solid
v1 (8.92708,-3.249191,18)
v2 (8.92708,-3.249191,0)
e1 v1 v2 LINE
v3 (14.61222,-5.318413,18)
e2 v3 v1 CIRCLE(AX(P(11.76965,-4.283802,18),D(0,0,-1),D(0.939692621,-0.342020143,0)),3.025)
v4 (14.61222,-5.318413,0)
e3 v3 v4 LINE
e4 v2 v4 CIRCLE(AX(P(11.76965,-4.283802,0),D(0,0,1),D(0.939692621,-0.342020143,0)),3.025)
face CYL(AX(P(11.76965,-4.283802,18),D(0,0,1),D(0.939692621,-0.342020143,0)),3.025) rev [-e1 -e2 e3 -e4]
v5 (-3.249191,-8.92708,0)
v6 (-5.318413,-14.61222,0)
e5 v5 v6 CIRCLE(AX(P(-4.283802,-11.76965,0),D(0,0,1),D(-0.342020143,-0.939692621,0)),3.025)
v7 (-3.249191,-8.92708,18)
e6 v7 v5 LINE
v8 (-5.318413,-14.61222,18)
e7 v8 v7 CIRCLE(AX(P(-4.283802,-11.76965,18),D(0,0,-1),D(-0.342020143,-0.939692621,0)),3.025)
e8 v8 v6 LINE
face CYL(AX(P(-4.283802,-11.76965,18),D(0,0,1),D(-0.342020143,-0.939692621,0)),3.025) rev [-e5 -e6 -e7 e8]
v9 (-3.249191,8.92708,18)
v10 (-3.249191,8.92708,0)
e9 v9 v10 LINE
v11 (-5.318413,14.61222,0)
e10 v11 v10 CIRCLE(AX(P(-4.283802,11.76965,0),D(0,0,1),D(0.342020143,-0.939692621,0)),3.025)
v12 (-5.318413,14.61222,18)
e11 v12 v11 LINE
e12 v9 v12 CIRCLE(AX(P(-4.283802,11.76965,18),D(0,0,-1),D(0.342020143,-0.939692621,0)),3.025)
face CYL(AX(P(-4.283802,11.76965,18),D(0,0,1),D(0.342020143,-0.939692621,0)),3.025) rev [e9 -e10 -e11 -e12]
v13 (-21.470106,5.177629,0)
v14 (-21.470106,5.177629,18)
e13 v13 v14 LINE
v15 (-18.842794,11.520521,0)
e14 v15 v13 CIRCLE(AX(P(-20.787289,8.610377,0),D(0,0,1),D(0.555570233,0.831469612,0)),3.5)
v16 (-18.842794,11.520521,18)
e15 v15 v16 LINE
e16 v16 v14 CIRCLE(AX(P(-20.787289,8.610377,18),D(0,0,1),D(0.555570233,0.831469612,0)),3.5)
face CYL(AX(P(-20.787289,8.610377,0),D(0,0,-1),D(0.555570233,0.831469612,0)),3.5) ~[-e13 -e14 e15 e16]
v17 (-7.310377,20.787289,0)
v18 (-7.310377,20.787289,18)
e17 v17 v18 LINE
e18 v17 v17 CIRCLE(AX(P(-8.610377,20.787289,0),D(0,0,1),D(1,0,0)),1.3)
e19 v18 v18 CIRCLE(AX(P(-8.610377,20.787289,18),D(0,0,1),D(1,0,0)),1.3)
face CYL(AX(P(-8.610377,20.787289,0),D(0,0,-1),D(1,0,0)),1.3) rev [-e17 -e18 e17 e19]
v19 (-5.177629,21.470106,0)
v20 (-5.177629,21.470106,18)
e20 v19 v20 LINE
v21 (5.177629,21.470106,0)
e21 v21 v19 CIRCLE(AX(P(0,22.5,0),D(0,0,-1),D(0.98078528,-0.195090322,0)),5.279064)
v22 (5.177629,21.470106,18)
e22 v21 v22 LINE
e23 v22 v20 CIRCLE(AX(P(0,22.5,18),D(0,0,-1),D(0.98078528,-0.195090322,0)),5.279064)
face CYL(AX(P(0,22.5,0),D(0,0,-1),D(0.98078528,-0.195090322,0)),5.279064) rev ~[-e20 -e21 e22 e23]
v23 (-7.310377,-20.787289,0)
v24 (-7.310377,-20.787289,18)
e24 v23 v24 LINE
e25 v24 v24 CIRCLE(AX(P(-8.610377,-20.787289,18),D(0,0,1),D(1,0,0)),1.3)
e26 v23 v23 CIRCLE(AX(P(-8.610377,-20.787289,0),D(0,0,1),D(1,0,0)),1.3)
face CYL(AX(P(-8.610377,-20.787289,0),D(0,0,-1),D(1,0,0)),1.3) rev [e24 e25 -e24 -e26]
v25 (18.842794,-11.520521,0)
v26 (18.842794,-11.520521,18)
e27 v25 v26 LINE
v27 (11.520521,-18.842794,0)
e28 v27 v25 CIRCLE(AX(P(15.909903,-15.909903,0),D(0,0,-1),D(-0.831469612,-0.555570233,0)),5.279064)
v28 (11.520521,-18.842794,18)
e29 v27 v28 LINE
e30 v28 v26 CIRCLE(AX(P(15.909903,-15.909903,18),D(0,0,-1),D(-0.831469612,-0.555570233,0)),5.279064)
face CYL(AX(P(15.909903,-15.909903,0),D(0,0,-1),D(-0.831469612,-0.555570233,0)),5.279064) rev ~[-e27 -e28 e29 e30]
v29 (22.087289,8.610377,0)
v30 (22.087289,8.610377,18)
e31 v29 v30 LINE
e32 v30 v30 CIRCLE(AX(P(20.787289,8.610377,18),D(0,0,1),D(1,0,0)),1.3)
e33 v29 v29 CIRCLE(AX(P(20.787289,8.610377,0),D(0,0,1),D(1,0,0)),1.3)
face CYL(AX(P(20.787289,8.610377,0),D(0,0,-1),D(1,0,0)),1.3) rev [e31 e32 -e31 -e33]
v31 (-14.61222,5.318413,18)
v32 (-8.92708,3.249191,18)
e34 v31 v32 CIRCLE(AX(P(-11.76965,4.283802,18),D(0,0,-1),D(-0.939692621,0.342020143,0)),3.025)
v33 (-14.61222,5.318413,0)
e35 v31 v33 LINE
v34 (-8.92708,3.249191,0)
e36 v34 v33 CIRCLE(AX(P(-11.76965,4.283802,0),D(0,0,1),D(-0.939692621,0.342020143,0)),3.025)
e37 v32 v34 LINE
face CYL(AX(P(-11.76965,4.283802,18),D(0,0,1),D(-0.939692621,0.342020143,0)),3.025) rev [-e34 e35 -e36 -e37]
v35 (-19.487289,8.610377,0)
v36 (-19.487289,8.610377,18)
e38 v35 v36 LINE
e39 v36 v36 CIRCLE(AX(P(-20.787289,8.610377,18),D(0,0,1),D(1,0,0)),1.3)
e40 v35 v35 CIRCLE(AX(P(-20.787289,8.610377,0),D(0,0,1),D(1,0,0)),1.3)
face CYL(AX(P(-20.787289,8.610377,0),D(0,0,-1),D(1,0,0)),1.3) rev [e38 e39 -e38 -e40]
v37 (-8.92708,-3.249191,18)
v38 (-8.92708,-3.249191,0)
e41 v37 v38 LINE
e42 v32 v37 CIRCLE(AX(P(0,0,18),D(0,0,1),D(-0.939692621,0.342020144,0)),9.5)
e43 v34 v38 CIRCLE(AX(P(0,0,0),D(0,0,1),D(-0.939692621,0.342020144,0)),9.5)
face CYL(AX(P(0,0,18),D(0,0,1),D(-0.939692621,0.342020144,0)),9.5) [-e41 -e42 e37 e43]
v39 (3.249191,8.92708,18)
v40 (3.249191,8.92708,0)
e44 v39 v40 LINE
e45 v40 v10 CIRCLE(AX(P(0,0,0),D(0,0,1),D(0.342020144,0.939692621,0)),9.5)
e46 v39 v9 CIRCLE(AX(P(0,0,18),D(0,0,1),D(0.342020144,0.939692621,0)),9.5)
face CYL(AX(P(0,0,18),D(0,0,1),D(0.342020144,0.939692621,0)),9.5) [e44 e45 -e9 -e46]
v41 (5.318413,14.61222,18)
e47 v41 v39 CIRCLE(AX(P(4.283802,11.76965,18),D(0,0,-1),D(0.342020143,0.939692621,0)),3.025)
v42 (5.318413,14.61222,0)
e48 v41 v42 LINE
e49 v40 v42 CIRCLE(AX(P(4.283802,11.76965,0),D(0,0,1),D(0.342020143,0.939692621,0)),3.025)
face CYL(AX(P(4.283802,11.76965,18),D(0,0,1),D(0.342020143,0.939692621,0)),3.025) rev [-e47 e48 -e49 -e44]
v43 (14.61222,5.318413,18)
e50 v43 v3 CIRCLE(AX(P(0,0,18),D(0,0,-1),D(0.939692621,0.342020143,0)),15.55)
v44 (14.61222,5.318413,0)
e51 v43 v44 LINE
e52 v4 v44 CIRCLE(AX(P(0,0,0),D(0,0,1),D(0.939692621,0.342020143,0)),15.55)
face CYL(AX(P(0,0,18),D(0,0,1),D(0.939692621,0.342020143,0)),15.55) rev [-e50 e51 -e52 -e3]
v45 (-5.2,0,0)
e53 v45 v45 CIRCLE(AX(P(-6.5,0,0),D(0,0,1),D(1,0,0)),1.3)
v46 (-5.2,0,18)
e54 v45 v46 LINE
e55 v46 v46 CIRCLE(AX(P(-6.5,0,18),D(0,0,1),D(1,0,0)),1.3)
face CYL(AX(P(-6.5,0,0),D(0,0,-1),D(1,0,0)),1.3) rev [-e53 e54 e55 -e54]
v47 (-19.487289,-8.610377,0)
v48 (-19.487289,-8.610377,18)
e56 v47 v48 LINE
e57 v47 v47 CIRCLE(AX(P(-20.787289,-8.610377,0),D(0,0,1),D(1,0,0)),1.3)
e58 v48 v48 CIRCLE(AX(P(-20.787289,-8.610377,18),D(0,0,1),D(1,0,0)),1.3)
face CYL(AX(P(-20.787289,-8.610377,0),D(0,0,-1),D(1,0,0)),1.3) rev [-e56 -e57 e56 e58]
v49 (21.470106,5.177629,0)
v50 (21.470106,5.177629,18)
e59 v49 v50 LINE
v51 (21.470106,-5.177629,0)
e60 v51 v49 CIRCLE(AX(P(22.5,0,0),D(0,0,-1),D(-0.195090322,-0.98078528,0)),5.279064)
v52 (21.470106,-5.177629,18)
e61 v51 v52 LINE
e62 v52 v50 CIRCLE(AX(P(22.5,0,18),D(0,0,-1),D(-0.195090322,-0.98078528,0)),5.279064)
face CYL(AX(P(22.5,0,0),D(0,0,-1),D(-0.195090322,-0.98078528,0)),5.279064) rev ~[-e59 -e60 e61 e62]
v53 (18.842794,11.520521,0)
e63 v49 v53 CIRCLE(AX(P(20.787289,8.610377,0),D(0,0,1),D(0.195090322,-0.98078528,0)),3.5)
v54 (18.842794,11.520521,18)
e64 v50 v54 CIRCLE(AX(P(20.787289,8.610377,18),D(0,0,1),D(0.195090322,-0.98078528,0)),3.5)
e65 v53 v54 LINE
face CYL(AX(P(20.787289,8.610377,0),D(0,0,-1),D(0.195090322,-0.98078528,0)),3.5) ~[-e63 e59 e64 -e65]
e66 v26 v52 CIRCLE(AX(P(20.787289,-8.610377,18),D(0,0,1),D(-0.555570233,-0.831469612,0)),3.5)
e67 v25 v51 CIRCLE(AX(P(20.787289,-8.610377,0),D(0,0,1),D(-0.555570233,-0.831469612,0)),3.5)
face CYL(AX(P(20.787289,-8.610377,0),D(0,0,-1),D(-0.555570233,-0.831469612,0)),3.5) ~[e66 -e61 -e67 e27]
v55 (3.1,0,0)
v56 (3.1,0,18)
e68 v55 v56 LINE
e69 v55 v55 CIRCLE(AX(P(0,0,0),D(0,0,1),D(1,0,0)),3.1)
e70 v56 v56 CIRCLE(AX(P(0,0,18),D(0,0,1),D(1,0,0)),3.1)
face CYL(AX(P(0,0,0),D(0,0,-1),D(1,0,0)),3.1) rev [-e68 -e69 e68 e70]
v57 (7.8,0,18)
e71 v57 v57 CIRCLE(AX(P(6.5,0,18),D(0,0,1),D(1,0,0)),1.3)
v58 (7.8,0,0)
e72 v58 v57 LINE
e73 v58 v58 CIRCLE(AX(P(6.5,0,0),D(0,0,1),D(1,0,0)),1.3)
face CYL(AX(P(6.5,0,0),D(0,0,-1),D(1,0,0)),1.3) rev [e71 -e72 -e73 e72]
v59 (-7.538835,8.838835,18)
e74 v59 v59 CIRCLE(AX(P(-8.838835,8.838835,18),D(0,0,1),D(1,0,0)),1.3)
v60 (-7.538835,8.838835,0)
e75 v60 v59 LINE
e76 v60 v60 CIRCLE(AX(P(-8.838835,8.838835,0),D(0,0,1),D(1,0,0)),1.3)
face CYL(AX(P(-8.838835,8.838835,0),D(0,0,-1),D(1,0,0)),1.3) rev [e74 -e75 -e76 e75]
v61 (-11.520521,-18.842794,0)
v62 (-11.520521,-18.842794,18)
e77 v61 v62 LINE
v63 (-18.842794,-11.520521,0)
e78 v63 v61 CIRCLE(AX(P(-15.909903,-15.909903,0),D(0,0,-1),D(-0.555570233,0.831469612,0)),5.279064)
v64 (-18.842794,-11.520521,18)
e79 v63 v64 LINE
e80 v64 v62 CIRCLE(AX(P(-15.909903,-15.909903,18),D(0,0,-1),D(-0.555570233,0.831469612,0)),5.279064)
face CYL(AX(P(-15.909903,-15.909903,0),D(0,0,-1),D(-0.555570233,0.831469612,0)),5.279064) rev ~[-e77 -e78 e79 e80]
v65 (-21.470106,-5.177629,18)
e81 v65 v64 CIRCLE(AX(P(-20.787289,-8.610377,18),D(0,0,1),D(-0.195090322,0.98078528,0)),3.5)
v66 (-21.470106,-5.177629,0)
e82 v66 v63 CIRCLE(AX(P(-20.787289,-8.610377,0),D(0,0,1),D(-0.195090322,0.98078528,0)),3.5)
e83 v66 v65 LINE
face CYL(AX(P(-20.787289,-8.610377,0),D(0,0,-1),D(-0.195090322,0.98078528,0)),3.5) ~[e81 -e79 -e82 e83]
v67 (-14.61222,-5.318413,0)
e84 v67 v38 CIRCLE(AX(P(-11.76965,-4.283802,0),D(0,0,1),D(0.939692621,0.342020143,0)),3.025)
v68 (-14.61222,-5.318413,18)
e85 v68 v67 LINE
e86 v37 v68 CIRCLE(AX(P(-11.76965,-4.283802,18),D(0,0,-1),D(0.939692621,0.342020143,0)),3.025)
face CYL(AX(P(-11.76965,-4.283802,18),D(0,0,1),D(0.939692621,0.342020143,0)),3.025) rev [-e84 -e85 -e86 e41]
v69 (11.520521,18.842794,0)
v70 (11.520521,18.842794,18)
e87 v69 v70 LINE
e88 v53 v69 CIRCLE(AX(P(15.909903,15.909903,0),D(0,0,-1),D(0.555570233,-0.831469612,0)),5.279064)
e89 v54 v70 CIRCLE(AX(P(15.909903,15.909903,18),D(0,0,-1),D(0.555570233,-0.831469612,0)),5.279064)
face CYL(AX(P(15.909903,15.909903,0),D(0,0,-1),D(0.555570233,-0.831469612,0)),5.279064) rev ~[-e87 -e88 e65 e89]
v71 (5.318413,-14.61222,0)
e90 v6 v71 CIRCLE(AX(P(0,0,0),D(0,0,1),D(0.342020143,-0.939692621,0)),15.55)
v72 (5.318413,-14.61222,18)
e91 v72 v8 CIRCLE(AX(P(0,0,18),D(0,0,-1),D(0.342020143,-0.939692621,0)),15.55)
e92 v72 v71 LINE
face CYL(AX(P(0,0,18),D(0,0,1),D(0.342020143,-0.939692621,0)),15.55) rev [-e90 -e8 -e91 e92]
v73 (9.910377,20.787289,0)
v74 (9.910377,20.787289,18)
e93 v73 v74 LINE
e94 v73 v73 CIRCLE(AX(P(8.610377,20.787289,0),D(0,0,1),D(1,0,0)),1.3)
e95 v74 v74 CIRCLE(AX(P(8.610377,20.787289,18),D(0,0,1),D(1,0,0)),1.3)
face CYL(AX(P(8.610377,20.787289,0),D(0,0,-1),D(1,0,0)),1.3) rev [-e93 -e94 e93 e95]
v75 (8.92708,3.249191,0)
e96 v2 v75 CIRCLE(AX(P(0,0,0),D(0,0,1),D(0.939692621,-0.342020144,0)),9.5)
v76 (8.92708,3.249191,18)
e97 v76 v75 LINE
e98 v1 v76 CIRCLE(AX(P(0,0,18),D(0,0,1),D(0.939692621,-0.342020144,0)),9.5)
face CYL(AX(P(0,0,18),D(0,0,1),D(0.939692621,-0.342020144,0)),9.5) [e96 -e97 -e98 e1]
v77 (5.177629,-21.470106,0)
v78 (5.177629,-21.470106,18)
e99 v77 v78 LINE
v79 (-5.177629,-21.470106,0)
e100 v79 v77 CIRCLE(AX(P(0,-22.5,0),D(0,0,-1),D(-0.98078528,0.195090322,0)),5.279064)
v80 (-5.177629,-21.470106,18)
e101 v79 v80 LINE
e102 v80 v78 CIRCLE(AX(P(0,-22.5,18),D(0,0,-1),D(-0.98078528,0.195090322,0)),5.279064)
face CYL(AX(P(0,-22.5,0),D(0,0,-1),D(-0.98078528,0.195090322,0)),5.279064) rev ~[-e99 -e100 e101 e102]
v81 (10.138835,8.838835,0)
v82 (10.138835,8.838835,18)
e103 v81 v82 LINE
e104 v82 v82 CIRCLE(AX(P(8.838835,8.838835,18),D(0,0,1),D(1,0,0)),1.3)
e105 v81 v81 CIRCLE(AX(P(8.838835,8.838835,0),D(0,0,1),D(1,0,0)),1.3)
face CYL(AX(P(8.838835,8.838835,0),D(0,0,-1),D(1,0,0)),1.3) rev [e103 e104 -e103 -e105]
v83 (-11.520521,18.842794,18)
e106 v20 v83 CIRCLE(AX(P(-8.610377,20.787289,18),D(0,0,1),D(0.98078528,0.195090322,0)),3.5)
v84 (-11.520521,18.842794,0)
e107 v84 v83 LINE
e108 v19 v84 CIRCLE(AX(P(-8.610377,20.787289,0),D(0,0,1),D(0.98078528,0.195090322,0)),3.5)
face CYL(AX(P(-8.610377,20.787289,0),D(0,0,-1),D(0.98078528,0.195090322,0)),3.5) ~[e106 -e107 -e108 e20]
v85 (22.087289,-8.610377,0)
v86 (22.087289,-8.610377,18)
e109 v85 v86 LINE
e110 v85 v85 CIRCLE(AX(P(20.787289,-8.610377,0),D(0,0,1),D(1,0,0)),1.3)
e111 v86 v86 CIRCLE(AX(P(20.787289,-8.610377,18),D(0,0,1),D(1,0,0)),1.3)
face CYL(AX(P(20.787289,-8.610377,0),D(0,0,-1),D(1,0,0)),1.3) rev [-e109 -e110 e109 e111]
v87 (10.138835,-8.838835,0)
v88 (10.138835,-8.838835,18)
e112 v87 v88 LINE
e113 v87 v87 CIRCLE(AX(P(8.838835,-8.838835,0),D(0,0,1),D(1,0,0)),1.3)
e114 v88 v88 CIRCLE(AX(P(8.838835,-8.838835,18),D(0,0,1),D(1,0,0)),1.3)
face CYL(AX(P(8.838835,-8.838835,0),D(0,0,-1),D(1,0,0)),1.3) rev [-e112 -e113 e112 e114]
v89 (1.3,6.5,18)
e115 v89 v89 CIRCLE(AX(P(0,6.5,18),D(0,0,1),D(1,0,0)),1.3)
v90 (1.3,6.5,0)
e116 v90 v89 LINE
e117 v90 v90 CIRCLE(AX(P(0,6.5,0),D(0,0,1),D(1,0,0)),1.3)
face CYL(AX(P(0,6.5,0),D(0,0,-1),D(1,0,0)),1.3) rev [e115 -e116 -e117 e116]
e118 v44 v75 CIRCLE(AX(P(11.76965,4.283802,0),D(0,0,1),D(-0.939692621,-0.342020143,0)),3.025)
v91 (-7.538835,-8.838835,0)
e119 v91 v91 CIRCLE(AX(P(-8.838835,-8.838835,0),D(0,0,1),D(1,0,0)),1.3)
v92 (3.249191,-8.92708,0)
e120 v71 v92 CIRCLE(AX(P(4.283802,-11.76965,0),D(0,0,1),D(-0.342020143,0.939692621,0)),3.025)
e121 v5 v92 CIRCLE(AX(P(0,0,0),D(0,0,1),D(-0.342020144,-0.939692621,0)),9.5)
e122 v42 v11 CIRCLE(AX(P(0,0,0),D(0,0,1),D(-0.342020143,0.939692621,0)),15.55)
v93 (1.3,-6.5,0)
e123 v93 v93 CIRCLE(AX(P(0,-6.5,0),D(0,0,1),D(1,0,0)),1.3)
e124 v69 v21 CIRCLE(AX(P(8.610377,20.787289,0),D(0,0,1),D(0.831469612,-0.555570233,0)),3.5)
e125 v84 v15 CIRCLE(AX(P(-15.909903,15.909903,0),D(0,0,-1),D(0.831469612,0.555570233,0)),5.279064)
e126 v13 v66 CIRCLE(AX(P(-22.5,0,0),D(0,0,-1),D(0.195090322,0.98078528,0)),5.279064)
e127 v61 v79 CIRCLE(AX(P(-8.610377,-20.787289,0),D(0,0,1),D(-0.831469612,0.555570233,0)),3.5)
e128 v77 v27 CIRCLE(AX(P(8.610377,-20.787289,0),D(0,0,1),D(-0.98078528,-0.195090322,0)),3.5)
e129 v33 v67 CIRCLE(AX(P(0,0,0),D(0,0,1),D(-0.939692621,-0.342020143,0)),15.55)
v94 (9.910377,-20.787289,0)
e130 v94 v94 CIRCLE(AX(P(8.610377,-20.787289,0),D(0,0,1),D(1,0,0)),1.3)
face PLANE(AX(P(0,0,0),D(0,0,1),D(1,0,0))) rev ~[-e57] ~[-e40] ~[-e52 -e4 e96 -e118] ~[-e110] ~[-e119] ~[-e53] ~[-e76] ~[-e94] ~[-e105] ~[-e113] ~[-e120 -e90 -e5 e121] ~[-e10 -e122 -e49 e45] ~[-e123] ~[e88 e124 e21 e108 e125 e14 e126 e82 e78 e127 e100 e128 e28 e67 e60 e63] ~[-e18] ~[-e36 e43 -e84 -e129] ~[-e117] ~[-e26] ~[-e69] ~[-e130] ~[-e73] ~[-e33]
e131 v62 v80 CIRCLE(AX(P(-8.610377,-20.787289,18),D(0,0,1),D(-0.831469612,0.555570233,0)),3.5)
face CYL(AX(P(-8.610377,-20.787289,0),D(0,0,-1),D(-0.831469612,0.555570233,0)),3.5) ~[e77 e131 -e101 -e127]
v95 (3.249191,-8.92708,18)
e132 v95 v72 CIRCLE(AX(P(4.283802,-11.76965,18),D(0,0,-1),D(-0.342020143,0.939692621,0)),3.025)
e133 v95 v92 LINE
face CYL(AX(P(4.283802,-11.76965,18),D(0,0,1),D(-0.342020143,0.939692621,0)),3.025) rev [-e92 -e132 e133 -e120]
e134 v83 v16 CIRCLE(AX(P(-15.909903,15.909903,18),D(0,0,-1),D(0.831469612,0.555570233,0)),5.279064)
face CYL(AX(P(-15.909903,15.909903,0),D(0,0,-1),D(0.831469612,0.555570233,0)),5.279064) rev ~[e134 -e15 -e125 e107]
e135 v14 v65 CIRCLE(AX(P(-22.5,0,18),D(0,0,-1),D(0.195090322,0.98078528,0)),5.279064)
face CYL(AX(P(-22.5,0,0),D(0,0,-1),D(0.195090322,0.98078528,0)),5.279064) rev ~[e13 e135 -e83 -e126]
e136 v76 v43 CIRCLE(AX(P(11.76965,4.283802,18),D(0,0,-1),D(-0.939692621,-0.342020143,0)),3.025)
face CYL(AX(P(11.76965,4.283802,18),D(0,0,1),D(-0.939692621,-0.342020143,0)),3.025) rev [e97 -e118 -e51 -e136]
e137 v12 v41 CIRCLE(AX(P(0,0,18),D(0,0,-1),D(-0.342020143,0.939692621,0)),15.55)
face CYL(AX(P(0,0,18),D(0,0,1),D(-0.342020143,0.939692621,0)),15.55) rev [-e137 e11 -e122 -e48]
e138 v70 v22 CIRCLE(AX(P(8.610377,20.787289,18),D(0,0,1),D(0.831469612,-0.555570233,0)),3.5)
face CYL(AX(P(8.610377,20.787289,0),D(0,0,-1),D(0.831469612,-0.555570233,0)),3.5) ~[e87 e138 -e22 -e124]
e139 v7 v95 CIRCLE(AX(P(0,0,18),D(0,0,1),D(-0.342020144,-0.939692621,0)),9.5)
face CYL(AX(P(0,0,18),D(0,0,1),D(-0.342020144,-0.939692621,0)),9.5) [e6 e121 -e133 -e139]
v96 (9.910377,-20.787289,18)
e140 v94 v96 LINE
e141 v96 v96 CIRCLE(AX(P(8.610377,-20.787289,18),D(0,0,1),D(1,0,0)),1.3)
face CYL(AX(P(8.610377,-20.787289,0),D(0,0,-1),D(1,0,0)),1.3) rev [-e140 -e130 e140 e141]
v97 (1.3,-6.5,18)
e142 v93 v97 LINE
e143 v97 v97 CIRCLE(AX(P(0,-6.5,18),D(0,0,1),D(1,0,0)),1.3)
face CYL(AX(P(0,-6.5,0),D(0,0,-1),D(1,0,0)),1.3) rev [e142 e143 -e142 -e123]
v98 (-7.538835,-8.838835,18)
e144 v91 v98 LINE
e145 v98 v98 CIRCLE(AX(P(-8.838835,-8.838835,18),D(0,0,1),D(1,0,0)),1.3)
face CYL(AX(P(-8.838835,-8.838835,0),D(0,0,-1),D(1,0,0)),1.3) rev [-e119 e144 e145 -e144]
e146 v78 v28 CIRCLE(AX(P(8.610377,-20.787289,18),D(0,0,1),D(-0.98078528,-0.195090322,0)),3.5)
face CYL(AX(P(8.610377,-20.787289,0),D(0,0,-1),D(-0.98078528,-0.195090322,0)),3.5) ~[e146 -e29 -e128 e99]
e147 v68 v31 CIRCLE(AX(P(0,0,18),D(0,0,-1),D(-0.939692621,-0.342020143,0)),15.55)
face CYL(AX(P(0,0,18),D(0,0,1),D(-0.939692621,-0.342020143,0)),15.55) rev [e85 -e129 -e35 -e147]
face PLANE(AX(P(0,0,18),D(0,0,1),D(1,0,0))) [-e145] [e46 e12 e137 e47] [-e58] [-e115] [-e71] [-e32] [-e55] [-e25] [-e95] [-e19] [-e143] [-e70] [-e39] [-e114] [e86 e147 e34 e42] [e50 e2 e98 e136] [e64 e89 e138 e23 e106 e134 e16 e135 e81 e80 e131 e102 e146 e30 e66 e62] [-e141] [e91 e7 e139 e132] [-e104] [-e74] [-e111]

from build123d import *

# Parameters (mm, degrees)
SKETCH_1_R          = 1.3
SKETCH_1_R_2        = 3.1
EXTRUDE_1_DEPTH     = 18
CUT_EXTRUDE_1_DEPTH = 39.778149269


with BuildPart() as part:
    # ｽｹｯﾁ1 → ﾎﾞｽ - 押し出し1 (new body)
    with BuildSketch(Plane.XY):
        with BuildLine():
            ThreePointArc((11.520520871, 18.842793666), (9.949769241, 24.020867845), (5.177628747, 21.470105609))
            ThreePointArc((5.177628747, 21.470105609), (0, 17.220935509), (-5.177628747, 21.470105609))
            ThreePointArc((-5.177628747, 21.470105609), (-9.949769241, 24.020867845), (-11.520520871, 18.842793666))
            ThreePointArc((-11.520520871, 18.842793666), (-12.177040277, 12.177040277), (-18.842793666, 11.520520871))
            ThreePointArc((-18.842793666, 11.520520871), (-24.020867845, 9.949769241), (-21.470105609, 5.177628747))
            ThreePointArc((-21.470105609, 5.177628747), (-17.220935509, 0), (-21.470105609, -5.177628747))
            ThreePointArc((-21.470105609, -5.177628747), (-24.020867845, -9.949769241), (-18.842793666, -11.520520871))
            ThreePointArc((-18.842793666, -11.520520871), (-12.177040277, -12.177040277), (-11.520520871, -18.842793666))
            ThreePointArc((-11.520520871, -18.842793666), (-9.949769241, -24.020867845), (-5.177628747, -21.470105609))
            ThreePointArc((-5.177628747, -21.470105609), (0, -17.220935509), (5.177628747, -21.470105609))
            ThreePointArc((5.177628747, -21.470105609), (9.949769241, -24.020867845), (11.520520871, -18.842793666))
            ThreePointArc((11.520520871, -18.842793666), (12.177040277, -12.177040277), (18.842793666, -11.520520871))
            ThreePointArc((18.842793666, -11.520520871), (24.020867845, -9.949769241), (21.470105609, -5.177628747))
            ThreePointArc((21.470105609, -5.177628747), (17.220935509, 0), (21.470105609, 5.177628747))
            ThreePointArc((21.470105609, 5.177628747), (24.020867845, 9.949769241), (18.842793666, 11.520520871))
            ThreePointArc((18.842793666, 11.520520871), (12.177040277, 12.177040277), (11.520520871, 18.842793666))
        make_face()
        with Locations((8.610377228, 20.787289482)):
            Circle(SKETCH_1_R, mode=Mode.SUBTRACT)
        with Locations((20.787289482, 8.610377228)):
            Circle(SKETCH_1_R, mode=Mode.SUBTRACT)
        with Locations((20.787289482, -8.610377228)):
            Circle(SKETCH_1_R, mode=Mode.SUBTRACT)
        with Locations((8.610377228, -20.787289482)):
            Circle(SKETCH_1_R, mode=Mode.SUBTRACT)
        with Locations((-8.610377228, -20.787289482)):
            Circle(SKETCH_1_R, mode=Mode.SUBTRACT)
        with Locations((-20.787289482, -8.610377228)):
            Circle(SKETCH_1_R, mode=Mode.SUBTRACT)
        with Locations((-20.787289482, 8.610377228)):
            Circle(SKETCH_1_R, mode=Mode.SUBTRACT)
        with Locations((-8.610377228, 20.787289482)):
            Circle(SKETCH_1_R, mode=Mode.SUBTRACT)
        with Locations((8.838834765, 8.838834765)):
            Circle(SKETCH_1_R, mode=Mode.SUBTRACT)
        with Locations((8.838834765, -8.838834765)):
            Circle(SKETCH_1_R, mode=Mode.SUBTRACT)
        with Locations((-8.838834765, -8.838834765)):
            Circle(SKETCH_1_R, mode=Mode.SUBTRACT)
        with Locations((-8.838834765, 8.838834765)):
            Circle(SKETCH_1_R, mode=Mode.SUBTRACT)
        with Locations((0, 6.5)):
            Circle(SKETCH_1_R, mode=Mode.SUBTRACT)
        with Locations((6.5, 0)):
            Circle(SKETCH_1_R, mode=Mode.SUBTRACT)
        with Locations((0, -6.5)):
            Circle(SKETCH_1_R, mode=Mode.SUBTRACT)
        with Locations((-6.5, 0)):
            Circle(SKETCH_1_R, mode=Mode.SUBTRACT)
        Circle(SKETCH_1_R_2, mode=Mode.SUBTRACT)
    extrude(amount=EXTRUDE_1_DEPTH)

    # ｽｹｯﾁ2 → ｶｯﾄ - 押し出し1 (cut, through all)
    with BuildSketch(Plane.XY.offset(18)):
        with BuildLine():
            ThreePointArc((3.249191362, 8.927079897), (0, 9.5), (-3.249191362, 8.927079897))
            ThreePointArc((-3.249191362, 8.927079897), (-7.126372473, 10.735039142), (-5.318413229, 14.612220253))
            ThreePointArc((-5.318413229, 14.612220253), (0, 15.55), (5.318413229, 14.612220253))
            ThreePointArc((5.318413229, 14.612220253), (7.126372473, 10.735039142), (3.249191362, 8.927079897))
        make_face()
        with BuildLine():
            ThreePointArc((8.927079897, 3.249191362), (10.735039142, 7.126372473), (14.612220253, 5.318413229))
            ThreePointArc((14.612220253, 5.318413229), (15.55, 0), (14.612220253, -5.318413229))
            ThreePointArc((14.612220253, -5.318413229), (10.735039142, -7.126372473), (8.927079897, -3.249191362))
            ThreePointArc((8.927079897, -3.249191362), (9.5, 0), (8.927079897, 3.249191362))
        make_face()
        with BuildLine():
            ThreePointArc((3.249191362, -8.927079897), (7.126372473, -10.735039142), (5.318413229, -14.612220253))
            ThreePointArc((5.318413229, -14.612220253), (0, -15.55), (-5.318413229, -14.612220253))
            ThreePointArc((-5.318413229, -14.612220253), (-7.126372473, -10.735039142), (-3.249191362, -8.927079897))
            ThreePointArc((-3.249191362, -8.927079897), (0, -9.5), (3.249191362, -8.927079897))
        make_face()
        with BuildLine():
            ThreePointArc((-8.927079897, -3.249191362), (-10.735039142, -7.126372473), (-14.612220253, -5.318413229))
            ThreePointArc((-14.612220253, -5.318413229), (-15.55, 0), (-14.612220253, 5.318413229))
            ThreePointArc((-14.612220253, 5.318413229), (-10.735039142, 7.126372473), (-8.927079897, 3.249191362))
            ThreePointArc((-8.927079897, 3.249191362), (-9.5, 0), (-8.927079897, -3.249191362))
        make_face()
    extrude(amount=-CUT_EXTRUDE_1_DEPTH, mode=Mode.SUBTRACT)


solid = part.part
